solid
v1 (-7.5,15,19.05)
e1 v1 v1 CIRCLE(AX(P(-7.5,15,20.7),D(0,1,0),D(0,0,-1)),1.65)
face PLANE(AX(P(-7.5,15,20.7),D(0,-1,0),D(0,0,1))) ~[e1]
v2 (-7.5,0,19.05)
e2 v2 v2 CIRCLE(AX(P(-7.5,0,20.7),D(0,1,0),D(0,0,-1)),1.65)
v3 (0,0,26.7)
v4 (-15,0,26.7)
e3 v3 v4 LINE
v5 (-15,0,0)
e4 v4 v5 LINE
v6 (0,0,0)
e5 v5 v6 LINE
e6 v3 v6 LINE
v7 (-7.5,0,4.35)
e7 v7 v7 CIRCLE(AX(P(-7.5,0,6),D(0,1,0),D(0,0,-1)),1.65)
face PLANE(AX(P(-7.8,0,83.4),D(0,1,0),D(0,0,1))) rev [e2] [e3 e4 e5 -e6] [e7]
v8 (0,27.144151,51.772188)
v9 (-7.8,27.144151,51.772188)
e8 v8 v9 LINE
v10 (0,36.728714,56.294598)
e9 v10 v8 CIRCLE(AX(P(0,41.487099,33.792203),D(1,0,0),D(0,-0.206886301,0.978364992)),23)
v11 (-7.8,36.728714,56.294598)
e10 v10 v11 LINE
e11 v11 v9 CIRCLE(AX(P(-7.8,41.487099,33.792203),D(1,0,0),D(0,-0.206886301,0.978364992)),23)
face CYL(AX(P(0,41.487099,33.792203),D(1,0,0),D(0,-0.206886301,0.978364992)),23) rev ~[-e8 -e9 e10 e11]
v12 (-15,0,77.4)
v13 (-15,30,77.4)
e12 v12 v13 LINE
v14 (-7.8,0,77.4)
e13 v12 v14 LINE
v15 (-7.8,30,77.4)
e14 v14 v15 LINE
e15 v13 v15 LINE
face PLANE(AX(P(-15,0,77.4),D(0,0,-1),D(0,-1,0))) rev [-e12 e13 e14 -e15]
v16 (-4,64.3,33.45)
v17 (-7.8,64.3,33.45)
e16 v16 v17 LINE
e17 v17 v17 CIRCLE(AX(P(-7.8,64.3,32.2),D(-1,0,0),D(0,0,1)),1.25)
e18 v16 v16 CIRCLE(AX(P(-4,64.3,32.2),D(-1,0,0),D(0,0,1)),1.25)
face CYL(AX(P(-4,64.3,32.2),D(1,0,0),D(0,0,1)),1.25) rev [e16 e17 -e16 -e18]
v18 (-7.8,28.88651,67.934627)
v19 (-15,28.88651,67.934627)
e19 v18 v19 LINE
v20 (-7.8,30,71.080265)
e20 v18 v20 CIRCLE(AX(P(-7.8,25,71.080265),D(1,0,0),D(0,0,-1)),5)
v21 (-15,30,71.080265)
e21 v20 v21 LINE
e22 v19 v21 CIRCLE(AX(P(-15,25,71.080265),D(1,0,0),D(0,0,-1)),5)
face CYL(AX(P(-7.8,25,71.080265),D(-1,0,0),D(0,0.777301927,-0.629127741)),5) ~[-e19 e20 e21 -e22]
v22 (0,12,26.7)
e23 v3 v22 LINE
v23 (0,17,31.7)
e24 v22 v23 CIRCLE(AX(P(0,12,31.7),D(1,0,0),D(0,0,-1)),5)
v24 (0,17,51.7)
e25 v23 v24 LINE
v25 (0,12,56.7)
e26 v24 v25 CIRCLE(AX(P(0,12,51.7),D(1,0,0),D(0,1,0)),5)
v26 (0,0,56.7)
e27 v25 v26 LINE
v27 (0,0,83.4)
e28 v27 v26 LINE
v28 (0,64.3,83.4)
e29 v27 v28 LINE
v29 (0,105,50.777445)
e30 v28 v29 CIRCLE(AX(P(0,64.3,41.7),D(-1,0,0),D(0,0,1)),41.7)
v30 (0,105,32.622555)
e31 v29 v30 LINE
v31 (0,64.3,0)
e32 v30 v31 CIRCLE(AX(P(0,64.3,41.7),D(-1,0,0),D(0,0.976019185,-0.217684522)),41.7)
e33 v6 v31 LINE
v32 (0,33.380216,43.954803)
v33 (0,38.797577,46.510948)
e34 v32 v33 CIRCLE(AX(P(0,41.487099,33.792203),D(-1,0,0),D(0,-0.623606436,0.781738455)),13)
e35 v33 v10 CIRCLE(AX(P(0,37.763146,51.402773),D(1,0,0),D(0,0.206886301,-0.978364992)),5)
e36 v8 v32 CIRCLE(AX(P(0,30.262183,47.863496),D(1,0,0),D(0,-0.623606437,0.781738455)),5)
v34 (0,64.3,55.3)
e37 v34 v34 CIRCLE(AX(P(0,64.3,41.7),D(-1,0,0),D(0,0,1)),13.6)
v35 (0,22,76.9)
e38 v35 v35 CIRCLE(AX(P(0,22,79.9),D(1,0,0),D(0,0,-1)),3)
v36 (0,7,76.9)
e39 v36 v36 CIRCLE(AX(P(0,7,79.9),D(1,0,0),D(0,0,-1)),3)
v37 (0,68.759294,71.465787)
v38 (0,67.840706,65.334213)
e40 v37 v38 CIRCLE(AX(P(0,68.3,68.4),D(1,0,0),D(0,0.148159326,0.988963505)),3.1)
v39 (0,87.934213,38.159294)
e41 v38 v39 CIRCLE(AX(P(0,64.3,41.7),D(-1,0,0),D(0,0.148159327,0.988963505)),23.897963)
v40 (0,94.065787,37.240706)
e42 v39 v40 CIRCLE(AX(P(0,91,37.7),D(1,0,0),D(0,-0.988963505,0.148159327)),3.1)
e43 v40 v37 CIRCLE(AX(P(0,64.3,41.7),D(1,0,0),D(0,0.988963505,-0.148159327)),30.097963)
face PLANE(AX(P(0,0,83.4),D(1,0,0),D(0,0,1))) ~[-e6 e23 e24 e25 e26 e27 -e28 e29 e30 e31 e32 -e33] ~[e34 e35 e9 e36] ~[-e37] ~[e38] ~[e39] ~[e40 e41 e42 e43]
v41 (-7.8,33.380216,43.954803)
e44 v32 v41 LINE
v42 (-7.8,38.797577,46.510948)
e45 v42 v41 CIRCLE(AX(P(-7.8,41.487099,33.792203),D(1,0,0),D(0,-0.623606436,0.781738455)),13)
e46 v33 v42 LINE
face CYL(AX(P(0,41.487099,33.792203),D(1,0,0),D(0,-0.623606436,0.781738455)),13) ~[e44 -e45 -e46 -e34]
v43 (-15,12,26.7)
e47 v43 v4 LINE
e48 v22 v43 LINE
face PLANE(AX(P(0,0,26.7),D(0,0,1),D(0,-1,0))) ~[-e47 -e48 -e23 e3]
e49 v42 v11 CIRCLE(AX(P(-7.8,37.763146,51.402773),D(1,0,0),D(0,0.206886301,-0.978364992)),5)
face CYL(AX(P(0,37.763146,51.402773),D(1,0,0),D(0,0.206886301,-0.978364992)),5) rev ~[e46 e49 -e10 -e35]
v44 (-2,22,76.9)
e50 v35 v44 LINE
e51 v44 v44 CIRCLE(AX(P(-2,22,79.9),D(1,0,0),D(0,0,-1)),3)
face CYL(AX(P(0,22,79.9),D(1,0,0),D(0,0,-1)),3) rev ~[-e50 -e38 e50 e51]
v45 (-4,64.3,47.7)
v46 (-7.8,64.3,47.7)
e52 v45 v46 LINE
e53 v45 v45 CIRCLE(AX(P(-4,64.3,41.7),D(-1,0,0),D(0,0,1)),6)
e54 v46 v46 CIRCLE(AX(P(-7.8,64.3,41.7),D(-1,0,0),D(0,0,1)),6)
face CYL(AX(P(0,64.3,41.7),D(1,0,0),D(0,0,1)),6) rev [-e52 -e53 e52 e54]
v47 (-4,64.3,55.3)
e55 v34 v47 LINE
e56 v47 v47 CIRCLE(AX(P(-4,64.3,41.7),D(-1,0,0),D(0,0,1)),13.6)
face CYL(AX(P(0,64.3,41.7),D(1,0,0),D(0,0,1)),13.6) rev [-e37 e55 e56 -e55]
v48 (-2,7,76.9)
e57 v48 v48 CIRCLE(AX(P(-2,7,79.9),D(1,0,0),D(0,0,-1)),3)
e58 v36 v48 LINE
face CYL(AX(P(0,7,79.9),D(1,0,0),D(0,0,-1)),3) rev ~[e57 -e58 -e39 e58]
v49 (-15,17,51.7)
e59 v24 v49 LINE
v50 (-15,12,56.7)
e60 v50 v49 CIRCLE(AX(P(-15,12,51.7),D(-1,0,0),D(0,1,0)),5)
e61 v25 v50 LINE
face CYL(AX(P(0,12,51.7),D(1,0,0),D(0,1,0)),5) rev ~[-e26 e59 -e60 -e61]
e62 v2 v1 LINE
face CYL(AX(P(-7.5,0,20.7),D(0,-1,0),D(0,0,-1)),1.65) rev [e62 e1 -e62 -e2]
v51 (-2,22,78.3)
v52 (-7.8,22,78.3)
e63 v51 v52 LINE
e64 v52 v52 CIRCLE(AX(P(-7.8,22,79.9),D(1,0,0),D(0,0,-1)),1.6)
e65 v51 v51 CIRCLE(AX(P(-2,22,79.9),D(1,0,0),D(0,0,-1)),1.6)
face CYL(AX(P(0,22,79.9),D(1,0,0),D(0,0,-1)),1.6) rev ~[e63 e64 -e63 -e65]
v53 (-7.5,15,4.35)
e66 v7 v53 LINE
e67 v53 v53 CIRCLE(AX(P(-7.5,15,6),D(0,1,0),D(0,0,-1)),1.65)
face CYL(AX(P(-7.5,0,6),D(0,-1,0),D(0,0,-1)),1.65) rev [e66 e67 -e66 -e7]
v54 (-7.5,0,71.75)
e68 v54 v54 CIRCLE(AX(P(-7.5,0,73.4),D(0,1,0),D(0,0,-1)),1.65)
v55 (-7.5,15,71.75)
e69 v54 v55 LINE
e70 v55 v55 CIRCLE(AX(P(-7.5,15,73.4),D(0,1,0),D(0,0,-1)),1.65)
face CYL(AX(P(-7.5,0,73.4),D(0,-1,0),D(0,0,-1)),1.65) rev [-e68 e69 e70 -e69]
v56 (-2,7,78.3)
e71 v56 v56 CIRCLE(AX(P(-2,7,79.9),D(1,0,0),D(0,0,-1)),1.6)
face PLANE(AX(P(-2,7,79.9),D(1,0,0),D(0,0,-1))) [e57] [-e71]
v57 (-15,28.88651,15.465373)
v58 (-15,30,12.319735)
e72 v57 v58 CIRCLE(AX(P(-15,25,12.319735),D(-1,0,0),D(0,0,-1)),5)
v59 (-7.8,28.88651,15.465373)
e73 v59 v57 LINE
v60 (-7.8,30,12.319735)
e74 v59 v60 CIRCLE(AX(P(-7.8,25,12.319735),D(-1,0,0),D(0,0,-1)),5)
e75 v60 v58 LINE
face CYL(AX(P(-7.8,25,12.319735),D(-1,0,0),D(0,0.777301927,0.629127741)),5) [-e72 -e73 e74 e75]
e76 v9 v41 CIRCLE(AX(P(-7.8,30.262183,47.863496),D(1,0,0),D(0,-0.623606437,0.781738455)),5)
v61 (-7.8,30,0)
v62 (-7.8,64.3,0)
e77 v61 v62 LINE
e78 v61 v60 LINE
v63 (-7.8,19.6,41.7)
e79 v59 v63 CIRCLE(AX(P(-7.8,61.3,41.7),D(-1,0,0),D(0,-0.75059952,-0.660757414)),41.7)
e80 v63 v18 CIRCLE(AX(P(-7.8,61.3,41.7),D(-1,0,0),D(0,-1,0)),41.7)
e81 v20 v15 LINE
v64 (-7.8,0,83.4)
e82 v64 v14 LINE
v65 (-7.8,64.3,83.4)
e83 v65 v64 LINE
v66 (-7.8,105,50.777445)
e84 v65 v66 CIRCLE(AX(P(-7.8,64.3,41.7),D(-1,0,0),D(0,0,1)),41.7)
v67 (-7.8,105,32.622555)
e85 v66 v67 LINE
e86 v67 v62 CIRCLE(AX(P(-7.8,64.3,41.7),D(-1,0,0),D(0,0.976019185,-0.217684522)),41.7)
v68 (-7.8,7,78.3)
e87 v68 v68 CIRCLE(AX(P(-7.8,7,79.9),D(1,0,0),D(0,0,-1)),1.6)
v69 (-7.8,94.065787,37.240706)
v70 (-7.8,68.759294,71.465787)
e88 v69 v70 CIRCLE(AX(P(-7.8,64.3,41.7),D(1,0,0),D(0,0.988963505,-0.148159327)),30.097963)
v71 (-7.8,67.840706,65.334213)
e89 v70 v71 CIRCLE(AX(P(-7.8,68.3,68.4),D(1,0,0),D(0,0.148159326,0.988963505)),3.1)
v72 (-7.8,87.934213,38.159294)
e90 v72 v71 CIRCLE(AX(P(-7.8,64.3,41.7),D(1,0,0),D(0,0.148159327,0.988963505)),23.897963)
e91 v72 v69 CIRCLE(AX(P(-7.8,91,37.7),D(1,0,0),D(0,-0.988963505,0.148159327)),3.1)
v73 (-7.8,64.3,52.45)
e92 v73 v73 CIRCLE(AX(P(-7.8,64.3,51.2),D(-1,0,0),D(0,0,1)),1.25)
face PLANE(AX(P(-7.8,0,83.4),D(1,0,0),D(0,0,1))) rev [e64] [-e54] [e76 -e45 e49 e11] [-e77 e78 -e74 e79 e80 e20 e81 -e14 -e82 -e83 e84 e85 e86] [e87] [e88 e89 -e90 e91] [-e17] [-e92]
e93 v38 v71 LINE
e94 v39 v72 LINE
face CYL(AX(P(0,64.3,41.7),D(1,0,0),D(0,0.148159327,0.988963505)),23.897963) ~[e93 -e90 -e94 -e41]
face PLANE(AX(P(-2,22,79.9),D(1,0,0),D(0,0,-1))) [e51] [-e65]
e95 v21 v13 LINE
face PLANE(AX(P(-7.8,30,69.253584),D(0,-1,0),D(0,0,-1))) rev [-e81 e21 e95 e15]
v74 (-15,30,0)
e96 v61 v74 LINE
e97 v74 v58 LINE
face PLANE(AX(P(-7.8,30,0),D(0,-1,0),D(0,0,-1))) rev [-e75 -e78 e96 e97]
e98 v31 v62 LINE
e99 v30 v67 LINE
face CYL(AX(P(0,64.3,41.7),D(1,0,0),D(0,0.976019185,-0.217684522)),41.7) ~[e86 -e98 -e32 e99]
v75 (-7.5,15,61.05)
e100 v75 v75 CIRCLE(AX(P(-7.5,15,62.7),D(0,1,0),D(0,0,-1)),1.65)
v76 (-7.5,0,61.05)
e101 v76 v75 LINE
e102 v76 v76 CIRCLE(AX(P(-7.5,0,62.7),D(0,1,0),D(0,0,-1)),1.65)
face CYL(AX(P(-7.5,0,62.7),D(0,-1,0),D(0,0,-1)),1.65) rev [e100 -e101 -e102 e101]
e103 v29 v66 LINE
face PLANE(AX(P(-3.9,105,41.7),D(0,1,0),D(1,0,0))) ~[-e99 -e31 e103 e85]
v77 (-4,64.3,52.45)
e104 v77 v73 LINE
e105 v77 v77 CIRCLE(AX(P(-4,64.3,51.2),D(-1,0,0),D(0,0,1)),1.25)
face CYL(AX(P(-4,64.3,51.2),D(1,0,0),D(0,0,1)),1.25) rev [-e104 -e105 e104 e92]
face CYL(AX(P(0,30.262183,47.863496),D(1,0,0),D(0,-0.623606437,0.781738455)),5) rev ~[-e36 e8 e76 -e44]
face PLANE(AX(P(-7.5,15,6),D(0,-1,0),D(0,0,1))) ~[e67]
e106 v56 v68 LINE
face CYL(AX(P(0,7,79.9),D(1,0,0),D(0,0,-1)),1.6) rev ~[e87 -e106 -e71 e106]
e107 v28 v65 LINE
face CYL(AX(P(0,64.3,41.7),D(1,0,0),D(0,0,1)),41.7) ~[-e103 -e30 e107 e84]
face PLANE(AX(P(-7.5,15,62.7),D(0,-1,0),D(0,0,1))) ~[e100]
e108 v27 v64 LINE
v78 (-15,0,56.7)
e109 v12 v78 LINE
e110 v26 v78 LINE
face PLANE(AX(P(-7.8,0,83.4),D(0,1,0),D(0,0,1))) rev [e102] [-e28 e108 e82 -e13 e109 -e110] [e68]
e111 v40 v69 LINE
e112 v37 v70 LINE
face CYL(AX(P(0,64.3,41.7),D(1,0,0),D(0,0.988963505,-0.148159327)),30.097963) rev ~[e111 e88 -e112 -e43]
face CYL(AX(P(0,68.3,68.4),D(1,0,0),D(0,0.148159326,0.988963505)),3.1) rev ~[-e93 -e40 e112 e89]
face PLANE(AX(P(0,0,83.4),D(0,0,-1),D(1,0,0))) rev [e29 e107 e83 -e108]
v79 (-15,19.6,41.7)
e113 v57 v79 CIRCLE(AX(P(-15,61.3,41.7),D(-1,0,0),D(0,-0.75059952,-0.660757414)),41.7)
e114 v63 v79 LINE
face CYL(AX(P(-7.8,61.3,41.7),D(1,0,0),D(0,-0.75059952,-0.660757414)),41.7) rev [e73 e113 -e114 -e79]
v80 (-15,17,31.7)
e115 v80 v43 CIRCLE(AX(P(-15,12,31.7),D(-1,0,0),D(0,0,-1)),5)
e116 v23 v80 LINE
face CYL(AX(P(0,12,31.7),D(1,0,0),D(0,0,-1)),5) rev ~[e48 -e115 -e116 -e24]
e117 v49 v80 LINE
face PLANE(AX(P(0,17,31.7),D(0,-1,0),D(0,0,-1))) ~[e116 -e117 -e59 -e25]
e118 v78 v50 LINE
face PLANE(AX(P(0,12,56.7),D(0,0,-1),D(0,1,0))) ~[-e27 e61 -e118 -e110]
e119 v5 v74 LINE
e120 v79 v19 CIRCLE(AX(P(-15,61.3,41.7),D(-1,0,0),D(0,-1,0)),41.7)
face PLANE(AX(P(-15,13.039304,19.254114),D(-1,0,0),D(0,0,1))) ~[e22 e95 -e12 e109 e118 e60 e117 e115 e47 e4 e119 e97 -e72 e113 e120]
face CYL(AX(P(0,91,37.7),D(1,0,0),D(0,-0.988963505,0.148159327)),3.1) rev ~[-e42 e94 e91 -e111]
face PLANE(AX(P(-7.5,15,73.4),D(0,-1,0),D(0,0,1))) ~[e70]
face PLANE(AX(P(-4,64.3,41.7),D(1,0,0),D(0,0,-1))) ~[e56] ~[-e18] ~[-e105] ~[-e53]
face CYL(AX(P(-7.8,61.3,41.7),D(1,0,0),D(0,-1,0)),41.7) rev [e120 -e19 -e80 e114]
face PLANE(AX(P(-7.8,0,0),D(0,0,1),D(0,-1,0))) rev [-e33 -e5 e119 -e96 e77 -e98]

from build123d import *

# Parameters (mm, degrees)
SKETCH_1_W           = 7.8
SKETCH_1_H           = 83.4
EXTRUDE_1_DEPTH      = 105
CUT_EXTRUDE_1_DEPTH  = 135.318278726
SKETCH_3_R           = 6
CUT_EXTRUDE_2_DEPTH  = 135.318278726
SKETCH_4_R           = 13.6
CUT_EXTRUDE_3_DEPTH  = 4
SKETCH_5_R           = 1.25
CUT_EXTRUDE_4_DEPTH  = 4
EXTRUDE_2_DEPTH      = 7.2
SKETCH_7_W           = 6
SKETCH_7_H           = 30
CUT_EXTRUDE_5_DEPTH  = 7.2
CUT_EXTRUDE_6_DEPTH  = 135.92798079
SKETCH_9_R           = 1.65
CUT_EXTRUDE_7_DEPTH  = 15
FILLET_1_R           = 5
CUT_EXTRUDE_8_DEPTH  = 135.92798079
CUT_EXTRUDE_10_DEPTH = 135.92798079
SKETCH_14_R          = 1.6
CUT_EXTRUDE_11_DEPTH = 135.92798079
SKETCH_15_R          = 3
CUT_EXTRUDE_12_DEPTH = 2


with BuildPart() as part:
    # 草图1 → 凸台-拉伸1 (new body)
    with BuildSketch(Plane(origin=(0, 0, 0), x_dir=(1, 0, 0), z_dir=(0, 1, 0))):
        with Locations((3.9, -41.7)):
            Rectangle(SKETCH_1_W, SKETCH_1_H)
    extrude(amount=EXTRUDE_1_DEPTH)

    # 草图2 → 切除-拉伸1 (cut, through all)
    with BuildSketch(Plane.ZY):
        with BuildLine():
            Line((0, 64.3), (0, 105))
            Line((0, 105), (32.622555426, 105))
            ThreePointArc((32.622555426, 105), (9.162180169, 90.380266115), (0, 64.3))
        make_face()
        with BuildLine():
            Line((83.4, 105), (83.4, 64.3))
            ThreePointArc((83.4, 64.3), (74.237819831, 90.380266115), (50.777444574, 105))
            Line((50.777444574, 105), (83.4, 105))
        make_face()
    extrude(amount=-CUT_EXTRUDE_1_DEPTH, mode=Mode.SUBTRACT)

    # 草图3 → 切除-拉伸2 (cut, through all)
    with BuildSketch(Plane.ZY):
        with Locations((41.7, 64.3)):
            Circle(SKETCH_3_R)
    extrude(amount=-CUT_EXTRUDE_2_DEPTH, mode=Mode.SUBTRACT)

    # 草图4 → 切除-拉伸3 (cut)
    with BuildSketch(Plane.ZY):
        with Locations((41.7, 64.3)):
            Circle(SKETCH_4_R)
    extrude(amount=-CUT_EXTRUDE_3_DEPTH, mode=Mode.SUBTRACT)

    # 草图5 → 切除-拉伸4 (cut)
    with BuildSketch(Plane.ZY.offset(-4)):
        with Locations((32.2, 64.3)):
            Circle(SKETCH_5_R)
        with Locations((51.2, 64.3)):
            Circle(SKETCH_5_R)
    extrude(amount=-CUT_EXTRUDE_4_DEPTH, mode=Mode.SUBTRACT)

    # 草图6 → 凸台-拉伸2 (add)
    with BuildSketch(Plane(origin=(7.8, 0, 0), x_dir=(0, 0, -1), z_dir=(1, 0, 0))):
        with BuildLine():
            ThreePointArc((-14.146415841, 30), (-26.974511893, 22.286540784), (-41.7, 19.6))
            Line((-41.7, 19.6), (-41.7, 0))
            Line((-41.7, 0), (0, 0))
            Line((0, 0), (0, 30))
            Line((0, 30), (-14.146415841, 30))
        make_face()
        with BuildLine():
            Line((-41.7, 0), (-41.7, 19.6))
            ThreePointArc((-41.7, 19.6), (-56.425488107, 22.286540784), (-69.253584159, 30))
            Line((-69.253584159, 30), (-83.4, 30))
            Line((-83.4, 30), (-83.4, 0))
            Line((-83.4, 0), (-41.7, 0))
        make_face()
    extrude(amount=EXTRUDE_2_DEPTH)

    # 草图7 → 切除-拉伸5 (cut)
    with BuildSketch(Plane(origin=(15, 0, 0), x_dir=(0, 0, -1), z_dir=(1, 0, 0))):
        with Locations((-80.4, 15)):
            Rectangle(SKETCH_7_W, SKETCH_7_H)
    extrude(amount=-CUT_EXTRUDE_5_DEPTH, mode=Mode.SUBTRACT)

    # 草图8 → 切除-拉伸6 (cut, through all)
    with BuildSketch(Plane.ZY):
        with BuildLine():
            Line((31.7, 17), (51.7, 17))
            ThreePointArc((51.7, 17), (55.235533906, 15.535533906), (56.7, 12))
            Line((56.7, 12), (56.7, 0))
            Line((56.7, 0), (26.7, 0))
            Line((26.7, 0), (26.7, 12))
            ThreePointArc((26.7, 12), (28.164466094, 15.535533906), (31.7, 17))
        make_face()
    extrude(amount=-CUT_EXTRUDE_6_DEPTH, mode=Mode.SUBTRACT)

    # 草图9 → 切除-拉伸7 (cut)
    with BuildSketch(Plane.XZ):
        with Locations(Location((7.5, 73.4, 0), (0, 0, 270))):
            Circle(SKETCH_9_R)
        with Locations(Location((7.5, 62.7, 0), (0, 0, 270))):
            Circle(SKETCH_9_R)
        with Locations(Location((7.5, 20.7, 0), (0, 0, 270))):
            Circle(SKETCH_9_R)
        with Locations(Location((7.5, 6, 0), (0, 0, 270))):
            Circle(SKETCH_9_R)
    extrude(amount=-CUT_EXTRUDE_7_DEPTH, mode=Mode.SUBTRACT)


with BuildPart() as body_2:
    # 镜向2: mirrored copy
    add(part.part.mirror(Plane(origin=(0, 0, 0), x_dir=(0, 0, 1), z_dir=(1, 0, 0))))

    # 圆角1
    fillet_1_edges = [body_2.edges().sort_by_distance(p)[0] for p in [
        (-11.4, 30, 14.146415841),
        (-11.4, 30, 69.253584159),
    ]]
    fillet(fillet_1_edges, radius=FILLET_1_R)

    # 草图10 → 切除-拉伸8 (cut, through all)
    with BuildSketch(Plane(origin=(0, 0, 0), x_dir=(0, 0, -1), z_dir=(1, 0, 0))):
        with BuildLine():
            ThreePointArc((-37.240706086, 94.065786869), (-59.594392776, 88.500786708), (-71.465786869, 68.759293914))
            ThreePointArc((-71.465786869, 68.759293914), (-68.859293916, 65.234213137), (-65.334213139, 67.840706089))
            ThreePointArc((-65.334213139, 67.840706089), (-55.908255092, 83.515569664), (-38.159293911, 87.934213139))
            ThreePointArc((-38.159293911, 87.934213139), (-34.634213133, 90.540706091), (-37.240706086, 94.065786869))
        make_face()
    extrude(amount=-CUT_EXTRUDE_8_DEPTH, mode=Mode.SUBTRACT)

    # 草图13 → 切除-拉伸10 (cut, through all)
    with BuildSketch(Plane(origin=(0, 0, 0), x_dir=(0, 0, -1), z_dir=(1, 0, 0))):
        with BuildLine():
            ThreePointArc((-56.294598294, 36.728714307), (-54.592965975, 31.672402134), (-51.772187936, 27.144151191))
            ThreePointArc((-51.772187936, 27.144151191), (-44.745463477, 26.353491098), (-43.954803385, 33.380215557))
            ThreePointArc((-43.954803385, 33.380215557), (-45.549156189, 35.939661742), (-46.51094837, 38.797577319))
            ThreePointArc((-46.51094837, 38.797577319), (-52.437204837, 42.654970775), (-56.294598294, 36.728714307))
        make_face()
    extrude(amount=-CUT_EXTRUDE_10_DEPTH, mode=Mode.SUBTRACT)

    # 草图14 → 切除-拉伸11 (cut, through all)
    with BuildSketch(Plane(origin=(0, 0, 0), x_dir=(0, 0, -1), z_dir=(1, 0, 0))):
        with Locations((-79.9, 7)):
            Circle(SKETCH_14_R)
        with Locations((-79.9, 22)):
            Circle(SKETCH_14_R)
    extrude(amount=-CUT_EXTRUDE_11_DEPTH, mode=Mode.SUBTRACT)

    # 草图15 → 切除-拉伸12 (cut)
    with BuildSketch(Plane(origin=(0, 0, 0), x_dir=(0, 0, -1), z_dir=(1, 0, 0))):
        with Locations((-79.9, 22)):
            Circle(SKETCH_15_R)
        with Locations((-79.9, 7)):
            Circle(SKETCH_15_R)
    extrude(amount=-CUT_EXTRUDE_12_DEPTH, mode=Mode.SUBTRACT)


solid = body_2.part
